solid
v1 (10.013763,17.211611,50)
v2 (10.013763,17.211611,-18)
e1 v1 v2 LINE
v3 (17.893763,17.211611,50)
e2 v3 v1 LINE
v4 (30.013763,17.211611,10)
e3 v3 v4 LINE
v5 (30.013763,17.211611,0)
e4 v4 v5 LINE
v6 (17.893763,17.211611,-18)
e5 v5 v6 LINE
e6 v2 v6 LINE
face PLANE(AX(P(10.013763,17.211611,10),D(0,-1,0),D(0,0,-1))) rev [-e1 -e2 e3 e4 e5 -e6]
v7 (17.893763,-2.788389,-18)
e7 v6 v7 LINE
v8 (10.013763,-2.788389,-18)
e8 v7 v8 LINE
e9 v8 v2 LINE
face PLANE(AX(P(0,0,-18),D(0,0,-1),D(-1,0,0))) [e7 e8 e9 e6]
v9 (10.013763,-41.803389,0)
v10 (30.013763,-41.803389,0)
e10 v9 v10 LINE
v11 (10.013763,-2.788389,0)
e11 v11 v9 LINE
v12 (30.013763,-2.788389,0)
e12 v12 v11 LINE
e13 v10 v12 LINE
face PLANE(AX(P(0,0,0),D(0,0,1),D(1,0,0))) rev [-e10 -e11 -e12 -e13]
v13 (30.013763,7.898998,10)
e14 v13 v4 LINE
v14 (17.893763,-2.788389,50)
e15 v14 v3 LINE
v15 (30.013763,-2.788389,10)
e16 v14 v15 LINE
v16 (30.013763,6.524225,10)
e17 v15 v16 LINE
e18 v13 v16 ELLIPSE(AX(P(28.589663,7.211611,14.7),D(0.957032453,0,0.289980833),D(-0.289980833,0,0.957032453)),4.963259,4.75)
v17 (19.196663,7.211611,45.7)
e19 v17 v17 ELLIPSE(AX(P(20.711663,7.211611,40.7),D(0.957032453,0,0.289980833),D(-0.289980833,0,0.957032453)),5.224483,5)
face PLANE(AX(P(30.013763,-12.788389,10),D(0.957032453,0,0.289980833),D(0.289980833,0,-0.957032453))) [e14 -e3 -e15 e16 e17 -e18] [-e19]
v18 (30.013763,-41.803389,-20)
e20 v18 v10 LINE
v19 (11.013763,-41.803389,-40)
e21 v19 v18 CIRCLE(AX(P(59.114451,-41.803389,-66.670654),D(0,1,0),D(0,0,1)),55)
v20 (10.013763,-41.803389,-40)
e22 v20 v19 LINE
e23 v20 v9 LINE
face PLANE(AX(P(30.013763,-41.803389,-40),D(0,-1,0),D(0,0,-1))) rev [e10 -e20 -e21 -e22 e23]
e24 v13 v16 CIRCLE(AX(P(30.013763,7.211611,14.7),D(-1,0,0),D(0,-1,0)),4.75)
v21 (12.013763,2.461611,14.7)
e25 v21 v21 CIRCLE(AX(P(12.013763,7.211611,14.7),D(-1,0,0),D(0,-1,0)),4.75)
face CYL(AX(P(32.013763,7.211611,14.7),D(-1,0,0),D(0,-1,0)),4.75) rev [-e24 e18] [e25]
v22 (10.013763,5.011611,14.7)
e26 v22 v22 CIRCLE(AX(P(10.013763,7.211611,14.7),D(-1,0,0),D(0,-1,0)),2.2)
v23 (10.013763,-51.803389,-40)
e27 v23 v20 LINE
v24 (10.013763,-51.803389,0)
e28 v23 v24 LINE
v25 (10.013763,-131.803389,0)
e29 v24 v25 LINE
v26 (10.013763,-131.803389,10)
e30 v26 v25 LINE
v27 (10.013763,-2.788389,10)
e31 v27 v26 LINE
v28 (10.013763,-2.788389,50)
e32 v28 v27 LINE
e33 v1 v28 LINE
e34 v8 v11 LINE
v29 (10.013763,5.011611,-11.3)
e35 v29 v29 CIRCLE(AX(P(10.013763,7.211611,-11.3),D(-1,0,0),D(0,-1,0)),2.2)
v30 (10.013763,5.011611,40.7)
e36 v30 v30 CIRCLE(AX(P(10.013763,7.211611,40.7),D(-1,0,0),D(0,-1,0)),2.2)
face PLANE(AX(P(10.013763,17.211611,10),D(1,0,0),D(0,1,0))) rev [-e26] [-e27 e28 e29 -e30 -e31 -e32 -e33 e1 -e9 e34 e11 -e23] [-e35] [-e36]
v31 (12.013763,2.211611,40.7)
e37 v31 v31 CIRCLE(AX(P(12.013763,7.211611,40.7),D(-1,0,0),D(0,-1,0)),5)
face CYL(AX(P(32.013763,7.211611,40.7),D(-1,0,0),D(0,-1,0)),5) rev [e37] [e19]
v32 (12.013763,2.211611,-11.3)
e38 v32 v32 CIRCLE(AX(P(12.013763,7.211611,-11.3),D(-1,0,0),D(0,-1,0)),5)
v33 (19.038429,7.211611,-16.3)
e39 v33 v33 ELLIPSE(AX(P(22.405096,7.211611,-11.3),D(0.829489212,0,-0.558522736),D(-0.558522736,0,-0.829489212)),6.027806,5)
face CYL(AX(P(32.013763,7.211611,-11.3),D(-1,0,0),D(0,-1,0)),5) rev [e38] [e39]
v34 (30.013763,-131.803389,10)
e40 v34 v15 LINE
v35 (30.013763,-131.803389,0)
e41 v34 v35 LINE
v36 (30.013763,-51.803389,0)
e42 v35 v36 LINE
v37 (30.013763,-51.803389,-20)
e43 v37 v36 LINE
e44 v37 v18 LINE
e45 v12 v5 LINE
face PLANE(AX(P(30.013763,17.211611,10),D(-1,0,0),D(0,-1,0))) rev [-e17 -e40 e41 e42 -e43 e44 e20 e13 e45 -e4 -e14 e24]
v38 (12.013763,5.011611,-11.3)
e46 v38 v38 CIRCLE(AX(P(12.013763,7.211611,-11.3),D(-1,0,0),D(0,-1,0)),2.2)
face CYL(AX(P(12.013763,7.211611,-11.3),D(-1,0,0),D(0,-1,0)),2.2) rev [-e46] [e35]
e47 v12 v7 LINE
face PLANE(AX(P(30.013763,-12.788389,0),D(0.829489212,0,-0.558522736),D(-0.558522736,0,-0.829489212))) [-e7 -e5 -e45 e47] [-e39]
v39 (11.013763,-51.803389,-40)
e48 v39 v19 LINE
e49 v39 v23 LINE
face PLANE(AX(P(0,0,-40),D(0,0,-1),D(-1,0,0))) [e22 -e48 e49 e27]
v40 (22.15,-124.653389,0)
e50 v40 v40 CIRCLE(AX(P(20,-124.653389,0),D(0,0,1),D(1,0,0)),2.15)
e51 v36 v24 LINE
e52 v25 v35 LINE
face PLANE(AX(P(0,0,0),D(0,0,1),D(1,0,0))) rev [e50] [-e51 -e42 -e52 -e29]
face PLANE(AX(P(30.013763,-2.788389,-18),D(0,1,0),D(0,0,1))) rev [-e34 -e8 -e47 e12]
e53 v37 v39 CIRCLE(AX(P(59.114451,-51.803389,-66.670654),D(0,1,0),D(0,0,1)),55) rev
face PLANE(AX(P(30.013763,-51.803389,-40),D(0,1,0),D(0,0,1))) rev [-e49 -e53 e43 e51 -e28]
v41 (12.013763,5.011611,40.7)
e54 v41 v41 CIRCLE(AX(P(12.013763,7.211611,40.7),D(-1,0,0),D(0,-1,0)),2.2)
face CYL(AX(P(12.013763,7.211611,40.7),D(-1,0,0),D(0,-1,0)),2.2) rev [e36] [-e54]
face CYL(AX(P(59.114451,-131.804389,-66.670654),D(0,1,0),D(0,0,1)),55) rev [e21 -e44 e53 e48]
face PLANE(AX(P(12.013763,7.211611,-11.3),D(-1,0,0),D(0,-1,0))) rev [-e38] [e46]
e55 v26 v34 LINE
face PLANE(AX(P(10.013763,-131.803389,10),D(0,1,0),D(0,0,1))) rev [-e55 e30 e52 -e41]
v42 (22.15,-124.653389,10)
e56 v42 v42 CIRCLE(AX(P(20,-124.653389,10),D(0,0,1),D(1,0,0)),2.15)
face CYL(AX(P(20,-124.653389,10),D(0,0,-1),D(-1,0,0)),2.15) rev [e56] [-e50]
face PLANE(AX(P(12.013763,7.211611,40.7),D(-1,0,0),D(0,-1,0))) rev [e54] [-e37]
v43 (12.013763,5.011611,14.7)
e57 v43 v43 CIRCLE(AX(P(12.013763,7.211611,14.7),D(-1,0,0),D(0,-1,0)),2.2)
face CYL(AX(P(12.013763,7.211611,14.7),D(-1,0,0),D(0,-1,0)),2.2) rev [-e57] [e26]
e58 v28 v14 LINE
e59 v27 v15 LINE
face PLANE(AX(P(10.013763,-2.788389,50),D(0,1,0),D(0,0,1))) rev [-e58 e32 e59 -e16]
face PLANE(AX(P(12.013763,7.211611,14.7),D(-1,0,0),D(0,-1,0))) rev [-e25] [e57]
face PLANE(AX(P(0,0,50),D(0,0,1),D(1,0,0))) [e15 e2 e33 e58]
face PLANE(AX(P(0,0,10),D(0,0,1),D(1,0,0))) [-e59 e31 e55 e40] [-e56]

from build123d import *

# Parameters (mm, degrees)
SKETCH_1_W               = 20
SKETCH_1_H               = 149.015
SKETCH_1_R               = 2.15
EXTRUDE_1_DEPTH          = 10
SKETCH_2_W               = 20
SKETCH_2_H               = 20
EXTRUDE_2_DEPTH          = 40
SKETCH_3_W               = 20
SKETCH_3_H               = 20
EXTRUDE_3_DEPTH          = 18
CUT_EXTRUDE_1_DEPTH      = 10
CUT_EXTRUDE_1_DEPTH_BACK = 20
SKETCH_5_R               = 2.2
CUT_EXTRUDE_2_DEPTH      = 2
CUT_EXTRUDE_START        = -2
SKETCH_6_R               = 5
SKETCH_6_R_2             = 4.75
CUT_EXTRUDE_3_DEPTH      = 20
SKETCH_7_W               = 20
SKETCH_7_H               = 10
EXTRUDE_4_DEPTH          = 40
CUT_EXTRUDE_5_REACH      = 109.242


with BuildPart() as part:
    # 草图1 → 凸台-拉伸1 (new body)
    with BuildSketch(Plane.XY):
        with Locations((20.013762606, -57.295888527)):
            Rectangle(SKETCH_1_W, SKETCH_1_H)
        with Locations((20, -124.653388527)):
            Circle(SKETCH_1_R, mode=Mode.SUBTRACT)
    extrude(amount=EXTRUDE_1_DEPTH)

    # 草图2 → 凸台-拉伸2 (add)
    with BuildSketch(Plane.XY.offset(10)):
        with Locations((20.013762606, 7.211611473)):
            Rectangle(SKETCH_2_W, SKETCH_2_H)
    extrude(amount=EXTRUDE_2_DEPTH)

    # 草图3 → 凸台-拉伸3 (add)
    with BuildSketch(Plane(origin=(0, 0, 0), x_dir=(-1, 0, 0), z_dir=(0, 0, -1))):
        with Locations((-20.013762606, 7.211611473)):
            Rectangle(SKETCH_3_W, SKETCH_3_H)
    extrude(amount=EXTRUDE_3_DEPTH)

    # 草图4 → 切除-拉伸1 (cut, two sides: drawn at the far end of the back side and taken through both)
    with BuildSketch(Plane.XZ.offset(2.788388527).offset(-CUT_EXTRUDE_1_DEPTH_BACK)):
        Polygon((17.893762606, 50), (30.013762606, 50), (30.013762606, 10), align=None)
        Polygon((17.893762606, -18), (30.013762606, -18), (30.013762606, 0), align=None)
    extrude(amount=CUT_EXTRUDE_1_DEPTH + CUT_EXTRUDE_1_DEPTH_BACK, mode=Mode.SUBTRACT)

    # 草图5 → 切除-拉伸2 (cut)
    with BuildSketch(Plane.ZY.offset(-10.013762606)):
        with Locations(Location((14.7, 7.211611473, 0), (0, 0, 270))):
            Circle(SKETCH_5_R)
        with Locations(Location((40.7, 7.211611473, 0), (0, 0, 270))):
            Circle(SKETCH_5_R)
        with Locations(Location((-11.3, 7.211611473, 0), (0, 0, 270))):
            Circle(SKETCH_5_R)
    extrude(amount=-CUT_EXTRUDE_2_DEPTH, mode=Mode.SUBTRACT)

    # 草图6 → 切除-拉伸3 (cut)
    with BuildSketch(Plane.ZY.offset(-10.013762606).offset(CUT_EXTRUDE_START)):
        with Locations(Location((40.7, 7.211611473, 0), (0, 0, 270))):
            Circle(SKETCH_6_R)
        with Locations(Location((-11.3, 7.211611473, 0), (0, 0, 270))):
            Circle(SKETCH_6_R)
        with Locations(Location((14.7, 7.211611473, 0), (0, 0, 270))):
            Circle(SKETCH_6_R_2)
    extrude(amount=-CUT_EXTRUDE_3_DEPTH, mode=Mode.SUBTRACT)

    # 草图7 → 凸台-拉伸4 (add)
    with BuildSketch(Plane(origin=(0, 0, 0), x_dir=(-1, 0, 0), z_dir=(0, 0, -1))):
        with Locations((-20.013762606, -46.803388527)):
            Rectangle(SKETCH_7_W, SKETCH_7_H)
    extrude(amount=EXTRUDE_4_DEPTH)

    # 草图8 → 切除-拉伸5 (cut, up to next)
    with BuildSketch(Plane(origin=(0, -41.803388527, 0), x_dir=(1, 0, 0), z_dir=(0, 1, 0)), mode=Mode.PRIVATE) as cut_extrude_5_sk1:
        with BuildLine():
            Line((30.013762606, 20), (30.013762606, 40))
            Line((30.013762606, 40), (11.013762606, 40))
            ThreePointArc((11.013762606, 40), (19.239482102, 28.789433521), (30.013762606, 20))
        make_face()
    cut_extrude_5_tool1 = extrude(cut_extrude_5_sk1.sketch, amount=-CUT_EXTRUDE_5_REACH, mode=Mode.PRIVATE) & part.part
    add(cut_extrude_5_tool1.solids().sort_by_distance((23.14433, -41.803389, -32.776655))[0], mode=Mode.SUBTRACT)


solid = part.part
